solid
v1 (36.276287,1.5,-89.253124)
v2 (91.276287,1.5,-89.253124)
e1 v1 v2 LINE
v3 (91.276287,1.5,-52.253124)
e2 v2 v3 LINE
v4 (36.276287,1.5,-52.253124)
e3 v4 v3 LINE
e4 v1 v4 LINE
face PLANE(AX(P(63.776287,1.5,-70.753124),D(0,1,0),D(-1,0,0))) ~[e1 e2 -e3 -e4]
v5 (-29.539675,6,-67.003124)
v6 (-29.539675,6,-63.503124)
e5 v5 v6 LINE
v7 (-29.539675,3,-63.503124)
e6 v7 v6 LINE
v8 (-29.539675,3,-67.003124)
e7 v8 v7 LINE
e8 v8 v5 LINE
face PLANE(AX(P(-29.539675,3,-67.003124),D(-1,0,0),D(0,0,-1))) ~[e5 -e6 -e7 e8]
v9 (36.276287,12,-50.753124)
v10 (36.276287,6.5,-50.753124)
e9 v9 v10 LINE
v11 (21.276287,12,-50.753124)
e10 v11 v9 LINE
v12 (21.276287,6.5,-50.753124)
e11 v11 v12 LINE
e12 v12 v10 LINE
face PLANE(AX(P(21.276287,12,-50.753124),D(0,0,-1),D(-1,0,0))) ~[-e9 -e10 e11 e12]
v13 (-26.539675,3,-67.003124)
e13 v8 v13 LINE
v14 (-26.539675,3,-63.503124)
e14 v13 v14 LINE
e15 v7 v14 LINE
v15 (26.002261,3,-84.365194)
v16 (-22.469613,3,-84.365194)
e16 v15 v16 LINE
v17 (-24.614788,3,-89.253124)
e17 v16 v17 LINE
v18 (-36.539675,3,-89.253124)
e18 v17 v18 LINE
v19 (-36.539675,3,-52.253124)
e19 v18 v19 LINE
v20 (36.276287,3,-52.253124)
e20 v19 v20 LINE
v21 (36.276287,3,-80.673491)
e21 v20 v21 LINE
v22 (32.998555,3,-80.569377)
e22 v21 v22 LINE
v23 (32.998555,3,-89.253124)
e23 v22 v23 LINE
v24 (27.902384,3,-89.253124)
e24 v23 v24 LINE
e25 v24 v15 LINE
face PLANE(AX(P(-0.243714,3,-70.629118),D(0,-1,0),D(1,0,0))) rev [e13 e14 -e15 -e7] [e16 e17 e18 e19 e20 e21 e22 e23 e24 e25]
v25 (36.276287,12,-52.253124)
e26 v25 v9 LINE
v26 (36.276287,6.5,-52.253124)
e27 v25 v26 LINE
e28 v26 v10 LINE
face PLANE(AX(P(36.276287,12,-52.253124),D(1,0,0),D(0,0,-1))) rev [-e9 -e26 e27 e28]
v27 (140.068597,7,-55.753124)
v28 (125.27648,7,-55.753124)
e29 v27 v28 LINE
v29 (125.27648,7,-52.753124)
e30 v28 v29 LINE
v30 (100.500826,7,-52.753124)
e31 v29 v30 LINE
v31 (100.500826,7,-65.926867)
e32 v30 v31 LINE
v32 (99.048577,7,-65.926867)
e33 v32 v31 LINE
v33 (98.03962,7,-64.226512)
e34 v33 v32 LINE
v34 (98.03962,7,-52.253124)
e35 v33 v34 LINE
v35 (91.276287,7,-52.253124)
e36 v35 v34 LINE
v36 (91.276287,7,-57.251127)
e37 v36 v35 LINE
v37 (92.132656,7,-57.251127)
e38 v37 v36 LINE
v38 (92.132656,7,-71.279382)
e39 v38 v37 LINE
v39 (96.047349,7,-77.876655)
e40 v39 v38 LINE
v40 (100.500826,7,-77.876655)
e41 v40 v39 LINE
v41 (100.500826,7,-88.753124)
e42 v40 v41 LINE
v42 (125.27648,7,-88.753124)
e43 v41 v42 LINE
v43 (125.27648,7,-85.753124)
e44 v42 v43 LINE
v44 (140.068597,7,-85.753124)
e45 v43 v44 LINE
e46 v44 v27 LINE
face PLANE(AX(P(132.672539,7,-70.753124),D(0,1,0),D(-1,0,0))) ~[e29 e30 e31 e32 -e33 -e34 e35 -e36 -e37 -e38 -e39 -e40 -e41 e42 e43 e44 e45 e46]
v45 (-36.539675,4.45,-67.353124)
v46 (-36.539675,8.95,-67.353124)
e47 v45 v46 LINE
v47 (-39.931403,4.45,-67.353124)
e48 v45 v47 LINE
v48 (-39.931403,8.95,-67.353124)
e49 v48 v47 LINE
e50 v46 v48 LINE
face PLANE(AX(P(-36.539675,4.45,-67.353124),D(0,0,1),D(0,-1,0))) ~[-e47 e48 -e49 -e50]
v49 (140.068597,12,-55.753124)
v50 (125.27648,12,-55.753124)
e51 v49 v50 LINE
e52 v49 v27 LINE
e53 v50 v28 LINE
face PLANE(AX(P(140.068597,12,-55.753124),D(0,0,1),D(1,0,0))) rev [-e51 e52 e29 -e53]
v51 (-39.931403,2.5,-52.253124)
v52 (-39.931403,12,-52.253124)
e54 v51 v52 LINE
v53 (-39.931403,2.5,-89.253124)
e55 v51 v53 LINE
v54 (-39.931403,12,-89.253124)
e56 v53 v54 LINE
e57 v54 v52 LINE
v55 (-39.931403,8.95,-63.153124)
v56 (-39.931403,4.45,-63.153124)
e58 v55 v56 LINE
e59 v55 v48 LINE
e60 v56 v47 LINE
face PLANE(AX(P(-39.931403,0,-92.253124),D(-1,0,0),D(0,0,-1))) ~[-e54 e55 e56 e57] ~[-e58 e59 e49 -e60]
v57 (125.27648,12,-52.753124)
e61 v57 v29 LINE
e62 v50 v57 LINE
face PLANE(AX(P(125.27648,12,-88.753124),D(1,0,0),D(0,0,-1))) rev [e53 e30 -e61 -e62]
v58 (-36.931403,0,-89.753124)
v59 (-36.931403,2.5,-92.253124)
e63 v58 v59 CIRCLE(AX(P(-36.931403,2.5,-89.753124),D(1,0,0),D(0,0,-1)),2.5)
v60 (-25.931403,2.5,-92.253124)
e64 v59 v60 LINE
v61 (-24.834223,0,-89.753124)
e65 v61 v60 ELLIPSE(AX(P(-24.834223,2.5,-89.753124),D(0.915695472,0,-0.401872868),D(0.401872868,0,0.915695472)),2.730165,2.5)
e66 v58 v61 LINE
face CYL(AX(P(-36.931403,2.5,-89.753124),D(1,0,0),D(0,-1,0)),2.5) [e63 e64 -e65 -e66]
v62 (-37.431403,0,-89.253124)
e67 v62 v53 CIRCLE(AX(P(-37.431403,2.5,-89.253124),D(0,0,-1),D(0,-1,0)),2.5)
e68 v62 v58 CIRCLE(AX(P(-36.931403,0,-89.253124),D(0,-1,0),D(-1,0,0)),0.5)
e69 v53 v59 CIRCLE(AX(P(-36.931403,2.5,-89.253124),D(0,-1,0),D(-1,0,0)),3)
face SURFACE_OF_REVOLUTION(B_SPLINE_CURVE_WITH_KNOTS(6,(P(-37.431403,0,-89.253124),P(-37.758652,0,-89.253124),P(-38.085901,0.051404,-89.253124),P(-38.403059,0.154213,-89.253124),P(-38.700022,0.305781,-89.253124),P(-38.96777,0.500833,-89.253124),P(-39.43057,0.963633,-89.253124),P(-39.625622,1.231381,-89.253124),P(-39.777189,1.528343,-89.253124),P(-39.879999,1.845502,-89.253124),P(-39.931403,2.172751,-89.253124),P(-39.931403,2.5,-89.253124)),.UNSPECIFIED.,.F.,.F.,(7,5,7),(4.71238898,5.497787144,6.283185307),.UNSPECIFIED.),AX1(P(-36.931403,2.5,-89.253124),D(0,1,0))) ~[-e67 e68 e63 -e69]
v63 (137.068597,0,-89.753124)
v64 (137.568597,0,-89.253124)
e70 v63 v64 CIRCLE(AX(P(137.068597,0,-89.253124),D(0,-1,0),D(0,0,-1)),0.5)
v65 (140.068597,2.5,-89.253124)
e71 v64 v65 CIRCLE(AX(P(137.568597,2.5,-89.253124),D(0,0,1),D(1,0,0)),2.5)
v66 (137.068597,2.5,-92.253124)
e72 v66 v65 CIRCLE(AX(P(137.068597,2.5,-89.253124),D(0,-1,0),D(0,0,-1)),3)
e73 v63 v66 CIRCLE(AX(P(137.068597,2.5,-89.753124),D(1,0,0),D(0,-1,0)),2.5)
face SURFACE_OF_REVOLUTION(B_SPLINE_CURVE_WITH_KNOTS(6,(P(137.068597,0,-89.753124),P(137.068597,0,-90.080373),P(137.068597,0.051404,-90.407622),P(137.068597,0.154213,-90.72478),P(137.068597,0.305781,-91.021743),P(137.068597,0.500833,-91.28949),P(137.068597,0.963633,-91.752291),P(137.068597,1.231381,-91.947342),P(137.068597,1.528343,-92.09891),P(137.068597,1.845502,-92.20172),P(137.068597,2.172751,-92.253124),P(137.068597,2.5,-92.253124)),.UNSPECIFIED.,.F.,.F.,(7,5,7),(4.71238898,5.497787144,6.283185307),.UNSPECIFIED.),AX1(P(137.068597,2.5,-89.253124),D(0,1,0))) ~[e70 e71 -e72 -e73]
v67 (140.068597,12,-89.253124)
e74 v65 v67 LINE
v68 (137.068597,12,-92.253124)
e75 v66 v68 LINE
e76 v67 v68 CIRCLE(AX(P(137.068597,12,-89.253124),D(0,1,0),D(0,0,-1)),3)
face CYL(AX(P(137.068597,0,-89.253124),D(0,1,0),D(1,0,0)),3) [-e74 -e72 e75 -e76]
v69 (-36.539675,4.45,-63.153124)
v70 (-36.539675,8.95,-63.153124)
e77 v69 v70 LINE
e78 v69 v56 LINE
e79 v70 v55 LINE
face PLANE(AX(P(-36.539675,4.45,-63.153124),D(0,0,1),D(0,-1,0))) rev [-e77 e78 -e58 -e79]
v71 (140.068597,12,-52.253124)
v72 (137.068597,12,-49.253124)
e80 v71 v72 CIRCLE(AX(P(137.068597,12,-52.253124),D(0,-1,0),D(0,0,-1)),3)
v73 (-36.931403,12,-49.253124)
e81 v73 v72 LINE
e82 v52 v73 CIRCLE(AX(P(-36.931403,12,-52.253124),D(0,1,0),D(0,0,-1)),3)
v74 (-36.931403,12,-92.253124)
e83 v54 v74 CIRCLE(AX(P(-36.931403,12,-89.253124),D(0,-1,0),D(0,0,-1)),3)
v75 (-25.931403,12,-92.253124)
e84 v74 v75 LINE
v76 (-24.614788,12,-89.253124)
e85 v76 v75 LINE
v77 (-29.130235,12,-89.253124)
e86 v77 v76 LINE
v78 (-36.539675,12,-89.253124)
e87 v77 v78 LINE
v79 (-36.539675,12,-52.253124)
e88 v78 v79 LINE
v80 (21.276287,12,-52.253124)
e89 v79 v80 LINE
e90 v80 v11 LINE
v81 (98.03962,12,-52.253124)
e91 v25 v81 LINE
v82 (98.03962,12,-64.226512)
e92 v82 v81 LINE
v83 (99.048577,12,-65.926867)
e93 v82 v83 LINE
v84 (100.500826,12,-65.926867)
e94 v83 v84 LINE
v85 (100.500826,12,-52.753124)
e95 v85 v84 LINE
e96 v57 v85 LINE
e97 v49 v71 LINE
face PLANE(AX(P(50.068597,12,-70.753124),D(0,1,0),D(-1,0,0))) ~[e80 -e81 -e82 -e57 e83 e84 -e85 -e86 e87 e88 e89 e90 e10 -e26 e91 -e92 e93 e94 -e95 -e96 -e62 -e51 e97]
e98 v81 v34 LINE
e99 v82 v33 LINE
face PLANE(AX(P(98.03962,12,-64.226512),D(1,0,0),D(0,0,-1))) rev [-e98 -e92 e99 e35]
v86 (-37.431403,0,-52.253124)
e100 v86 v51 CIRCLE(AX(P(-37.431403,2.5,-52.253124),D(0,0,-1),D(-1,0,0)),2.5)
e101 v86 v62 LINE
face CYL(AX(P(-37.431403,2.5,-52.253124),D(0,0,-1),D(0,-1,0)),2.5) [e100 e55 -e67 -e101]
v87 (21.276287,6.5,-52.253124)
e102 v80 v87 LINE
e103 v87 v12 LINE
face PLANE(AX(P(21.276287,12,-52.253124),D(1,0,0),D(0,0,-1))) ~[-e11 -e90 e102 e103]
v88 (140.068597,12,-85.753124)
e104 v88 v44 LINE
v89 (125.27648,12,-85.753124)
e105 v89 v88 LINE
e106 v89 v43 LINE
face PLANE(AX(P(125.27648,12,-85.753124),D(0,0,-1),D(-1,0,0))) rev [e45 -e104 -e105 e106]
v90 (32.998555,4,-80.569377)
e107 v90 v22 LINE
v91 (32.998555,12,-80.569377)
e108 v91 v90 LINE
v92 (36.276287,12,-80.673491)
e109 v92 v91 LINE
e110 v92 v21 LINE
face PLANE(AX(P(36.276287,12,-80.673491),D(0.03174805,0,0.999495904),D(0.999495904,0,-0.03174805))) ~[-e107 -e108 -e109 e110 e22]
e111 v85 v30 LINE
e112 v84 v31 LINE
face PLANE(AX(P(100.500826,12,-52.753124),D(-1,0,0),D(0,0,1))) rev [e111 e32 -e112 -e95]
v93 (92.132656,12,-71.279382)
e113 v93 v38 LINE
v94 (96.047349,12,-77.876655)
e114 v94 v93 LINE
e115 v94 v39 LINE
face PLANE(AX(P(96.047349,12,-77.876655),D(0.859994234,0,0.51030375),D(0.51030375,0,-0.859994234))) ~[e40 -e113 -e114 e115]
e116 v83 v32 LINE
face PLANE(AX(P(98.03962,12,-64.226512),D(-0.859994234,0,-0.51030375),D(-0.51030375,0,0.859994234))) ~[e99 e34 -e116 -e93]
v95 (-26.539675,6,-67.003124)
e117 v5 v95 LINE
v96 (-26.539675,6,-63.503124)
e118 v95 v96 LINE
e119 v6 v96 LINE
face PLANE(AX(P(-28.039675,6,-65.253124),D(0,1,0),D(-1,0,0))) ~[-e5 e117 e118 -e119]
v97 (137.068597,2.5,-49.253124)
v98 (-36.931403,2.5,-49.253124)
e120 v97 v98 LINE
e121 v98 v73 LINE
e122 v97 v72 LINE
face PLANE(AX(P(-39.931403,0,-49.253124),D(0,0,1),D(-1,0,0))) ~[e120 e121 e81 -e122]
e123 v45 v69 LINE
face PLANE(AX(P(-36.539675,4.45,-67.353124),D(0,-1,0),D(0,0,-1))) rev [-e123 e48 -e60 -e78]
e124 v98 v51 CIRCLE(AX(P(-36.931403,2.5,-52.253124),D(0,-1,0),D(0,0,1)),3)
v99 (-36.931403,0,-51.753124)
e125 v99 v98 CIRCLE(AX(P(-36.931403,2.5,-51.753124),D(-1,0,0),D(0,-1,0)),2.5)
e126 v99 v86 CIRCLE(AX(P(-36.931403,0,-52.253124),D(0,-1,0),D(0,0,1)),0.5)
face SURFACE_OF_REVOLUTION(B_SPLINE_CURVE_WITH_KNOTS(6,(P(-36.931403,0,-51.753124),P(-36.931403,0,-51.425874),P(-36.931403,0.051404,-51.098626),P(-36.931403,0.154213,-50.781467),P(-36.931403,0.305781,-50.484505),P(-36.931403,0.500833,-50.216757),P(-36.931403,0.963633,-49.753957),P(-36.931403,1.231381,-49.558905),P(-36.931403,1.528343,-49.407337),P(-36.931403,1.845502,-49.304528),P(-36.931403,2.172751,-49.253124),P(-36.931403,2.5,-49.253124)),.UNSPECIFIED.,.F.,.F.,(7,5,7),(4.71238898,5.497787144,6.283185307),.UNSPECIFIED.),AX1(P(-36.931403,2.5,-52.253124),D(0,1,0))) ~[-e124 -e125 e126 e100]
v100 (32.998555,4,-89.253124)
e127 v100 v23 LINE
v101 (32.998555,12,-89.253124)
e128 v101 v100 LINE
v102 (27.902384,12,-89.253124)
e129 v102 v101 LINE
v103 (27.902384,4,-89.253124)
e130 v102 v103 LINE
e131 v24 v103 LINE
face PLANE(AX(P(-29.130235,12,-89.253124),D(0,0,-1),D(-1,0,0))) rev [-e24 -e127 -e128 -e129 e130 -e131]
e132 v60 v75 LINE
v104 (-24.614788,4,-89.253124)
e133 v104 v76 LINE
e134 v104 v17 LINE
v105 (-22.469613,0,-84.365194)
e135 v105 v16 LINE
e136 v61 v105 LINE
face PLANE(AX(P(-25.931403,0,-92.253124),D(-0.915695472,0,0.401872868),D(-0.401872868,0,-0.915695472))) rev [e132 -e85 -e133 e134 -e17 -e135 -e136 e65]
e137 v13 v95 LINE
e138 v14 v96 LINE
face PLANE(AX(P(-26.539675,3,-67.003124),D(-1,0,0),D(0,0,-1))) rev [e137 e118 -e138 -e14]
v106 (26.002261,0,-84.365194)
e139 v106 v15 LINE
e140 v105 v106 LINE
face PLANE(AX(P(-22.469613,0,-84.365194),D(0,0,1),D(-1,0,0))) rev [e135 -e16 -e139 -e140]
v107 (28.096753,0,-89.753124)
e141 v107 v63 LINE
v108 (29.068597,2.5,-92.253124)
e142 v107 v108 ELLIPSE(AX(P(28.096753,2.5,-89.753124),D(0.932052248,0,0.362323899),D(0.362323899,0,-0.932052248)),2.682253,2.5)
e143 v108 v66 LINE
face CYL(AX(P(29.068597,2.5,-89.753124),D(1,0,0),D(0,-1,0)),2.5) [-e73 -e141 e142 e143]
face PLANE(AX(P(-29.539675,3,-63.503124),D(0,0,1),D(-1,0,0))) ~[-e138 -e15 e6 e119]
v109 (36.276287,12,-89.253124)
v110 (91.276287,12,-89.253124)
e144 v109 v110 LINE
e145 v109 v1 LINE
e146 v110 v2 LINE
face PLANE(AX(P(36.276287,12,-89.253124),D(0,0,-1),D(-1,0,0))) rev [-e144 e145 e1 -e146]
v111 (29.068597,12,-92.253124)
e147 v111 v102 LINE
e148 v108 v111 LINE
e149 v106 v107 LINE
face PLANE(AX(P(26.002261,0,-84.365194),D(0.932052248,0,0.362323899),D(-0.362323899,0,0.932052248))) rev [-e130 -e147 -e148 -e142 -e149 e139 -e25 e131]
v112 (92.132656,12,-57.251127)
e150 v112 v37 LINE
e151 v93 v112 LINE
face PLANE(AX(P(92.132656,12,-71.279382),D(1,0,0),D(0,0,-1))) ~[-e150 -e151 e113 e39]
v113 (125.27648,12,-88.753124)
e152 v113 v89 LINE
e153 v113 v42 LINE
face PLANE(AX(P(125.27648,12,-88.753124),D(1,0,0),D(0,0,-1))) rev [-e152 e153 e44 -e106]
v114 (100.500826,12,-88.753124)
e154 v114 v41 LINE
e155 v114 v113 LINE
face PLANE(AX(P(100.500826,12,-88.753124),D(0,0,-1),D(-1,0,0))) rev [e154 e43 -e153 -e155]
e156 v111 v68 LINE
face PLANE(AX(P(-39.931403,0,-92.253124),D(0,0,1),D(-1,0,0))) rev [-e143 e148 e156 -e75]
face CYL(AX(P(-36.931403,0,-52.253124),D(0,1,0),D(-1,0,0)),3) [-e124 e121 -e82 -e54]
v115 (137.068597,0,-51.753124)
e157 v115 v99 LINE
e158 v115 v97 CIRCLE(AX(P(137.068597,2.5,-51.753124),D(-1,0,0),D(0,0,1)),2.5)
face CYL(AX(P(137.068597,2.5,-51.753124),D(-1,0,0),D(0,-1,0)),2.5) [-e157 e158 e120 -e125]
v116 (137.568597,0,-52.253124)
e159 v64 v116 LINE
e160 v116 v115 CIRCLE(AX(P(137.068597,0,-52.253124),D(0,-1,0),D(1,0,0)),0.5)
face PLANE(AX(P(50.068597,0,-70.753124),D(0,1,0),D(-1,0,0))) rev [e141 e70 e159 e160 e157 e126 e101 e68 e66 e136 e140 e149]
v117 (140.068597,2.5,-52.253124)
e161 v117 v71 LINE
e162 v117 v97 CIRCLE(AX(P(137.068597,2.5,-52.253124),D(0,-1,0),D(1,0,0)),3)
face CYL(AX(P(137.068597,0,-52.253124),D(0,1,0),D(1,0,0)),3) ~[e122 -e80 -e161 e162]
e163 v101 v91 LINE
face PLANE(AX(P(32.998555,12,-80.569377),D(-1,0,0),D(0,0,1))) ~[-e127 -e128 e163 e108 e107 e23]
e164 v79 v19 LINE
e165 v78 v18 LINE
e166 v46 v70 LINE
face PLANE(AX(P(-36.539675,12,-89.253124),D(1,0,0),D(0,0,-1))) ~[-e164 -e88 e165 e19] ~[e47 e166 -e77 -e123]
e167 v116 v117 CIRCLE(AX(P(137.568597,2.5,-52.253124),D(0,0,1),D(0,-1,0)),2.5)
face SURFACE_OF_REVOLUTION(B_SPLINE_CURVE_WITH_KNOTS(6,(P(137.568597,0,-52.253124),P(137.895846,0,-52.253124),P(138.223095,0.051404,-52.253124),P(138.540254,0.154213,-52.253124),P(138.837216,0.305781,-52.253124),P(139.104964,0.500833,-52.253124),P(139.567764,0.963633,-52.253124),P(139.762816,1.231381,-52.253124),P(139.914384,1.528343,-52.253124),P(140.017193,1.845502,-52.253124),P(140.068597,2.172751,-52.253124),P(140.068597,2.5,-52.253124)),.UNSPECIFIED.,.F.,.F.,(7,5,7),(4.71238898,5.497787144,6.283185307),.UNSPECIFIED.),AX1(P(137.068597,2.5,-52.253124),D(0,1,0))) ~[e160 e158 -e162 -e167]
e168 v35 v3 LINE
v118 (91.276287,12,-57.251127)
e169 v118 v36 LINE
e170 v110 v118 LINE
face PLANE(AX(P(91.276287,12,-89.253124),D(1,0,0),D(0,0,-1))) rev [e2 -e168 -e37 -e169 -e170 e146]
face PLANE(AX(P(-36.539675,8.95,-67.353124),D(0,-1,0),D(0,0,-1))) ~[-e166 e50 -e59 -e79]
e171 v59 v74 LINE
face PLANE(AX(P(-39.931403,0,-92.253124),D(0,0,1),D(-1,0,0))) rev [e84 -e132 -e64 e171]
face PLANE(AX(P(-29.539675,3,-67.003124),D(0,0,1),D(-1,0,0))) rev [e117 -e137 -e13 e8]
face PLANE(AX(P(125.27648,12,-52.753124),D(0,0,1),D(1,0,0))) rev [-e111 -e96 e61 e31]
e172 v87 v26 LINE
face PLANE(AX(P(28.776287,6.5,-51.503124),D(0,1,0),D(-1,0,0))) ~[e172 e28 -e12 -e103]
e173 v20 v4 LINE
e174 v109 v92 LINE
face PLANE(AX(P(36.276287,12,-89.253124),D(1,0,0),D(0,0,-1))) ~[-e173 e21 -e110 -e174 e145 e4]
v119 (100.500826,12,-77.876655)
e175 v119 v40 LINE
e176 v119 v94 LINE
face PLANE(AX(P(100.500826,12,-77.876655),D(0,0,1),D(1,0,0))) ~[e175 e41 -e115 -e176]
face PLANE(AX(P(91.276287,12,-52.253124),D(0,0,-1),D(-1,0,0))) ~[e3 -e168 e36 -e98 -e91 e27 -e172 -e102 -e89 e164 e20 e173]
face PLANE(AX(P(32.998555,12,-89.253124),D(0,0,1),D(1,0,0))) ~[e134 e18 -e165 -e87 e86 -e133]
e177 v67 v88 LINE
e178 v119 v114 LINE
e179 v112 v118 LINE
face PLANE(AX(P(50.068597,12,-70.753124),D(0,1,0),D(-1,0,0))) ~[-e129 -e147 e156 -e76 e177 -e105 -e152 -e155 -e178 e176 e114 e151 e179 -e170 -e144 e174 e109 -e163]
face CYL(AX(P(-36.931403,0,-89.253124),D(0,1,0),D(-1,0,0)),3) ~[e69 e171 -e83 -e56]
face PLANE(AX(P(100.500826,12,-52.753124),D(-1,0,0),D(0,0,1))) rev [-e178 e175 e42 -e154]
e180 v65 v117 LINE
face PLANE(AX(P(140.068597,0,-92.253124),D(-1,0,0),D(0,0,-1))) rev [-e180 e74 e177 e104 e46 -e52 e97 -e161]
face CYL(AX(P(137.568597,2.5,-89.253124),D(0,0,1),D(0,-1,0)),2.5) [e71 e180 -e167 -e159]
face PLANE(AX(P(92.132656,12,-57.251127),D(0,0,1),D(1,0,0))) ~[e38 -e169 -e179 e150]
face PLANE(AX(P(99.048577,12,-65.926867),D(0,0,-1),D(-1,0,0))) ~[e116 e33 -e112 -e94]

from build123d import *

# Parameters (mm, degrees)
SKETCH_3_W           = 180
SKETCH_3_H           = 43
EXTRUDE_1_DEPTH      = 12
CUT_EXTRUDE_1_DEPTH  = 52
CUT_EXTRUDE_2_DEPTH  = 5
CUT_EXTRUDE_3_DEPTH  = 5
SKETCH_8_W           = 55
SKETCH_8_H           = 37
CUT_EXTRUDE_4_DEPTH  = 10.5
CUT_EXTRUDE_5_DEPTH  = 5
SKETCH_10_W          = 62.128790526
SKETCH_10_H          = 8.683746703
CUT_EXTRUDE_6_DEPTH  = 8
CUT_EXTRUDE_8_DEPTH  = 9
FILLET_3_R           = 3
FILLET_4_R           = 2.5
SKETCH_12_W          = 15
SKETCH_12_H          = 1.5
CUT_EXTRUDE_9_DEPTH  = 5.5
SKETCH_14_W          = 4.2
SKETCH_14_H          = 4.5
CUT_EXTRUDE_10_DEPTH = 5.5
SKETCH_15_W          = 3
SKETCH_15_H          = 3.5
EXTRUDE_2_DEPTH      = 3


with BuildPart() as part:
    # 草图3 → 凸台-拉伸1 (new body)
    with BuildSketch(Plane(origin=(0, 0, 0), x_dir=(1, 0, 0), z_dir=(0, 1, 0))):
        with Locations((50.068597249, 7.753123643)):
            Rectangle(SKETCH_3_W, SKETCH_3_H)
    extrude(amount=EXTRUDE_1_DEPTH)

    # 草图4 → 切除-拉伸1 (cut)
    with BuildSketch(Plane(origin=(0, 0, 0), x_dir=(1, 0, 0), z_dir=(0, 1, 0))):
        Polygon((-22.469613434, -5.858946979), (26.002261286, -5.858946979), (29.068597249, -13.746876357), (-25.931402751, -13.746876357), align=None)
    extrude(amount=CUT_EXTRUDE_1_DEPTH, mode=Mode.SUBTRACT)

    # 草图5 → 切除-拉伸2 (cut)
    with BuildSketch(Plane(origin=(0, 12, 0), x_dir=(1, 0, 0), z_dir=(0, 1, 0))):
        Polygon((140.068597249, 7.753123643), (140.068597249, 22.753123643), (125.276479966, 22.753123643), (125.276479966, -7.246876357), (140.068597249, -7.246876357), align=None)
    extrude(amount=-CUT_EXTRUDE_2_DEPTH, mode=Mode.SUBTRACT)

    # 草图7 → 切除-拉伸3 (cut)
    with BuildSketch(Plane(origin=(0, 12, 0), x_dir=(1, 0, 0), z_dir=(0, 1, 0))):
        Polygon((125.276479966, 7.753123643), (125.276479966, 25.753123643), (100.500825538, 25.753123643), (100.500825538, -10.246876357), (125.276479966, -10.246876357), align=None)
    extrude(amount=-CUT_EXTRUDE_3_DEPTH, mode=Mode.SUBTRACT)

    # 草图8 → 切除-拉伸4 (cut)
    with BuildSketch(Plane(origin=(0, 12, 0), x_dir=(1, 0, 0), z_dir=(0, 1, 0))):
        with Locations((63.776287419, 7.753123643)):
            Rectangle(SKETCH_8_W, SKETCH_8_H)
    extrude(amount=-CUT_EXTRUDE_4_DEPTH, mode=Mode.SUBTRACT)

    # 草图9 → 切除-拉伸5 (cut)
    with BuildSketch(Plane(origin=(0, 12, 0), x_dir=(1, 0, 0), z_dir=(0, 1, 0))):
        Polygon((91.276287419, 26.253123643), (98.039619719, 26.253123643), (98.039619719, 22.130591531), (98.039619719, 14.279735666), (99.048577369, 12.579380219), (100.500825538, 12.579380219), (100.500825538, 0.629591822), (96.047349228, 0.629591822), (92.132656028, 7.226865659), (92.132656028, 21.255120764), (91.276287419, 21.255120764), align=None)
    extrude(amount=-CUT_EXTRUDE_5_DEPTH, mode=Mode.SUBTRACT)

    # 草图10 → 切除-拉伸6 (cut)
    with BuildSketch(Plane(origin=(0, 12, 0), x_dir=(1, 0, 0), z_dir=(0, 1, 0))):
        with Locations((1.934159822, -6.405003006)):
            Rectangle(SKETCH_10_W, SKETCH_10_H)
    extrude(amount=-CUT_EXTRUDE_6_DEPTH, mode=Mode.SUBTRACT)

    # 草图11 → 切除-拉伸8 (cut)
    with BuildSketch(Plane(origin=(0, 12, 0), x_dir=(1, 0, 0), z_dir=(0, 1, 0))):
        Polygon((32.998555085, -10.746876357), (-36.5396752, -10.746876357), (-36.5396752, 26.253123643), (36.276287419, 26.253123643), (36.276287419, -2.167243749), (32.998555085, -2.063129654), align=None)
    extrude(amount=-CUT_EXTRUDE_8_DEPTH, mode=Mode.SUBTRACT)

    # 圆角3
    fillet_3_edges = [part.edges().sort_by_distance(p)[0] for p in [
        (-39.931402751, 6, -29.253123643),
        (140.068597249, 6, -29.253123643),
        (140.068597249, 6, 13.746876357),
        (-39.931402751, 6, 13.746876357),
    ]]
    fillet(fillet_3_edges, radius=FILLET_3_R)

    # 圆角4
    fillet_4_edges = [part.edges().sort_by_distance(p)[0] for p in [
        (83.068597249, 0, 13.746876357),
        (50.068597249, 0, -29.253123643),
        (-31.431402751, 0, 13.746876357),
        (-39.931402751, 0, -7.753123643),
        (140.068597249, 0, -7.753123643),
        (-39.052723094, 0, -28.374443987),
        (-39.052723094, 0, 12.8681967),
        (139.189917593, 0, 12.8681967),
        (139.189917593, 0, -28.374443987),
    ]]
    fillet(fillet_4_edges, radius=FILLET_4_R)

    # 草图12 → 切除-拉伸9 (cut)
    with BuildSketch(Plane(origin=(0, 12, 0), x_dir=(1, 0, 0), z_dir=(0, 1, 0))):
        with Locations((28.776287419, 27.003123643)):
            Rectangle(SKETCH_12_W, SKETCH_12_H)
    extrude(amount=-CUT_EXTRUDE_9_DEPTH, mode=Mode.SUBTRACT)

    # 草图14 → 切除-拉伸10 (cut)
    with BuildSketch(Plane(origin=(-36.5396752, 0, 0), x_dir=(0, 0, -1), z_dir=(1, 0, 0))):
        with Locations((13.253123643, 6.7)):
            Rectangle(SKETCH_14_W, SKETCH_14_H)
    extrude(amount=-CUT_EXTRUDE_10_DEPTH, mode=Mode.SUBTRACT)

    # 草图15 → 凸台-拉伸2 (add)
    with BuildSketch(Plane(origin=(0, 3, 0), x_dir=(1, 0, 0), z_dir=(0, 1, 0))):
        with Locations((-28.0396752, 13.253123643)):
            Rectangle(SKETCH_15_W, SKETCH_15_H)
    extrude(amount=EXTRUDE_2_DEPTH)


with BuildPart() as body_2:
    # 镜向3: mirrored copy
    add(part.part.mirror(Plane(origin=(0, 0, -39.253123643), x_dir=(1, 0, 0), z_dir=(0, 0, -1))))


solid = body_2.part
